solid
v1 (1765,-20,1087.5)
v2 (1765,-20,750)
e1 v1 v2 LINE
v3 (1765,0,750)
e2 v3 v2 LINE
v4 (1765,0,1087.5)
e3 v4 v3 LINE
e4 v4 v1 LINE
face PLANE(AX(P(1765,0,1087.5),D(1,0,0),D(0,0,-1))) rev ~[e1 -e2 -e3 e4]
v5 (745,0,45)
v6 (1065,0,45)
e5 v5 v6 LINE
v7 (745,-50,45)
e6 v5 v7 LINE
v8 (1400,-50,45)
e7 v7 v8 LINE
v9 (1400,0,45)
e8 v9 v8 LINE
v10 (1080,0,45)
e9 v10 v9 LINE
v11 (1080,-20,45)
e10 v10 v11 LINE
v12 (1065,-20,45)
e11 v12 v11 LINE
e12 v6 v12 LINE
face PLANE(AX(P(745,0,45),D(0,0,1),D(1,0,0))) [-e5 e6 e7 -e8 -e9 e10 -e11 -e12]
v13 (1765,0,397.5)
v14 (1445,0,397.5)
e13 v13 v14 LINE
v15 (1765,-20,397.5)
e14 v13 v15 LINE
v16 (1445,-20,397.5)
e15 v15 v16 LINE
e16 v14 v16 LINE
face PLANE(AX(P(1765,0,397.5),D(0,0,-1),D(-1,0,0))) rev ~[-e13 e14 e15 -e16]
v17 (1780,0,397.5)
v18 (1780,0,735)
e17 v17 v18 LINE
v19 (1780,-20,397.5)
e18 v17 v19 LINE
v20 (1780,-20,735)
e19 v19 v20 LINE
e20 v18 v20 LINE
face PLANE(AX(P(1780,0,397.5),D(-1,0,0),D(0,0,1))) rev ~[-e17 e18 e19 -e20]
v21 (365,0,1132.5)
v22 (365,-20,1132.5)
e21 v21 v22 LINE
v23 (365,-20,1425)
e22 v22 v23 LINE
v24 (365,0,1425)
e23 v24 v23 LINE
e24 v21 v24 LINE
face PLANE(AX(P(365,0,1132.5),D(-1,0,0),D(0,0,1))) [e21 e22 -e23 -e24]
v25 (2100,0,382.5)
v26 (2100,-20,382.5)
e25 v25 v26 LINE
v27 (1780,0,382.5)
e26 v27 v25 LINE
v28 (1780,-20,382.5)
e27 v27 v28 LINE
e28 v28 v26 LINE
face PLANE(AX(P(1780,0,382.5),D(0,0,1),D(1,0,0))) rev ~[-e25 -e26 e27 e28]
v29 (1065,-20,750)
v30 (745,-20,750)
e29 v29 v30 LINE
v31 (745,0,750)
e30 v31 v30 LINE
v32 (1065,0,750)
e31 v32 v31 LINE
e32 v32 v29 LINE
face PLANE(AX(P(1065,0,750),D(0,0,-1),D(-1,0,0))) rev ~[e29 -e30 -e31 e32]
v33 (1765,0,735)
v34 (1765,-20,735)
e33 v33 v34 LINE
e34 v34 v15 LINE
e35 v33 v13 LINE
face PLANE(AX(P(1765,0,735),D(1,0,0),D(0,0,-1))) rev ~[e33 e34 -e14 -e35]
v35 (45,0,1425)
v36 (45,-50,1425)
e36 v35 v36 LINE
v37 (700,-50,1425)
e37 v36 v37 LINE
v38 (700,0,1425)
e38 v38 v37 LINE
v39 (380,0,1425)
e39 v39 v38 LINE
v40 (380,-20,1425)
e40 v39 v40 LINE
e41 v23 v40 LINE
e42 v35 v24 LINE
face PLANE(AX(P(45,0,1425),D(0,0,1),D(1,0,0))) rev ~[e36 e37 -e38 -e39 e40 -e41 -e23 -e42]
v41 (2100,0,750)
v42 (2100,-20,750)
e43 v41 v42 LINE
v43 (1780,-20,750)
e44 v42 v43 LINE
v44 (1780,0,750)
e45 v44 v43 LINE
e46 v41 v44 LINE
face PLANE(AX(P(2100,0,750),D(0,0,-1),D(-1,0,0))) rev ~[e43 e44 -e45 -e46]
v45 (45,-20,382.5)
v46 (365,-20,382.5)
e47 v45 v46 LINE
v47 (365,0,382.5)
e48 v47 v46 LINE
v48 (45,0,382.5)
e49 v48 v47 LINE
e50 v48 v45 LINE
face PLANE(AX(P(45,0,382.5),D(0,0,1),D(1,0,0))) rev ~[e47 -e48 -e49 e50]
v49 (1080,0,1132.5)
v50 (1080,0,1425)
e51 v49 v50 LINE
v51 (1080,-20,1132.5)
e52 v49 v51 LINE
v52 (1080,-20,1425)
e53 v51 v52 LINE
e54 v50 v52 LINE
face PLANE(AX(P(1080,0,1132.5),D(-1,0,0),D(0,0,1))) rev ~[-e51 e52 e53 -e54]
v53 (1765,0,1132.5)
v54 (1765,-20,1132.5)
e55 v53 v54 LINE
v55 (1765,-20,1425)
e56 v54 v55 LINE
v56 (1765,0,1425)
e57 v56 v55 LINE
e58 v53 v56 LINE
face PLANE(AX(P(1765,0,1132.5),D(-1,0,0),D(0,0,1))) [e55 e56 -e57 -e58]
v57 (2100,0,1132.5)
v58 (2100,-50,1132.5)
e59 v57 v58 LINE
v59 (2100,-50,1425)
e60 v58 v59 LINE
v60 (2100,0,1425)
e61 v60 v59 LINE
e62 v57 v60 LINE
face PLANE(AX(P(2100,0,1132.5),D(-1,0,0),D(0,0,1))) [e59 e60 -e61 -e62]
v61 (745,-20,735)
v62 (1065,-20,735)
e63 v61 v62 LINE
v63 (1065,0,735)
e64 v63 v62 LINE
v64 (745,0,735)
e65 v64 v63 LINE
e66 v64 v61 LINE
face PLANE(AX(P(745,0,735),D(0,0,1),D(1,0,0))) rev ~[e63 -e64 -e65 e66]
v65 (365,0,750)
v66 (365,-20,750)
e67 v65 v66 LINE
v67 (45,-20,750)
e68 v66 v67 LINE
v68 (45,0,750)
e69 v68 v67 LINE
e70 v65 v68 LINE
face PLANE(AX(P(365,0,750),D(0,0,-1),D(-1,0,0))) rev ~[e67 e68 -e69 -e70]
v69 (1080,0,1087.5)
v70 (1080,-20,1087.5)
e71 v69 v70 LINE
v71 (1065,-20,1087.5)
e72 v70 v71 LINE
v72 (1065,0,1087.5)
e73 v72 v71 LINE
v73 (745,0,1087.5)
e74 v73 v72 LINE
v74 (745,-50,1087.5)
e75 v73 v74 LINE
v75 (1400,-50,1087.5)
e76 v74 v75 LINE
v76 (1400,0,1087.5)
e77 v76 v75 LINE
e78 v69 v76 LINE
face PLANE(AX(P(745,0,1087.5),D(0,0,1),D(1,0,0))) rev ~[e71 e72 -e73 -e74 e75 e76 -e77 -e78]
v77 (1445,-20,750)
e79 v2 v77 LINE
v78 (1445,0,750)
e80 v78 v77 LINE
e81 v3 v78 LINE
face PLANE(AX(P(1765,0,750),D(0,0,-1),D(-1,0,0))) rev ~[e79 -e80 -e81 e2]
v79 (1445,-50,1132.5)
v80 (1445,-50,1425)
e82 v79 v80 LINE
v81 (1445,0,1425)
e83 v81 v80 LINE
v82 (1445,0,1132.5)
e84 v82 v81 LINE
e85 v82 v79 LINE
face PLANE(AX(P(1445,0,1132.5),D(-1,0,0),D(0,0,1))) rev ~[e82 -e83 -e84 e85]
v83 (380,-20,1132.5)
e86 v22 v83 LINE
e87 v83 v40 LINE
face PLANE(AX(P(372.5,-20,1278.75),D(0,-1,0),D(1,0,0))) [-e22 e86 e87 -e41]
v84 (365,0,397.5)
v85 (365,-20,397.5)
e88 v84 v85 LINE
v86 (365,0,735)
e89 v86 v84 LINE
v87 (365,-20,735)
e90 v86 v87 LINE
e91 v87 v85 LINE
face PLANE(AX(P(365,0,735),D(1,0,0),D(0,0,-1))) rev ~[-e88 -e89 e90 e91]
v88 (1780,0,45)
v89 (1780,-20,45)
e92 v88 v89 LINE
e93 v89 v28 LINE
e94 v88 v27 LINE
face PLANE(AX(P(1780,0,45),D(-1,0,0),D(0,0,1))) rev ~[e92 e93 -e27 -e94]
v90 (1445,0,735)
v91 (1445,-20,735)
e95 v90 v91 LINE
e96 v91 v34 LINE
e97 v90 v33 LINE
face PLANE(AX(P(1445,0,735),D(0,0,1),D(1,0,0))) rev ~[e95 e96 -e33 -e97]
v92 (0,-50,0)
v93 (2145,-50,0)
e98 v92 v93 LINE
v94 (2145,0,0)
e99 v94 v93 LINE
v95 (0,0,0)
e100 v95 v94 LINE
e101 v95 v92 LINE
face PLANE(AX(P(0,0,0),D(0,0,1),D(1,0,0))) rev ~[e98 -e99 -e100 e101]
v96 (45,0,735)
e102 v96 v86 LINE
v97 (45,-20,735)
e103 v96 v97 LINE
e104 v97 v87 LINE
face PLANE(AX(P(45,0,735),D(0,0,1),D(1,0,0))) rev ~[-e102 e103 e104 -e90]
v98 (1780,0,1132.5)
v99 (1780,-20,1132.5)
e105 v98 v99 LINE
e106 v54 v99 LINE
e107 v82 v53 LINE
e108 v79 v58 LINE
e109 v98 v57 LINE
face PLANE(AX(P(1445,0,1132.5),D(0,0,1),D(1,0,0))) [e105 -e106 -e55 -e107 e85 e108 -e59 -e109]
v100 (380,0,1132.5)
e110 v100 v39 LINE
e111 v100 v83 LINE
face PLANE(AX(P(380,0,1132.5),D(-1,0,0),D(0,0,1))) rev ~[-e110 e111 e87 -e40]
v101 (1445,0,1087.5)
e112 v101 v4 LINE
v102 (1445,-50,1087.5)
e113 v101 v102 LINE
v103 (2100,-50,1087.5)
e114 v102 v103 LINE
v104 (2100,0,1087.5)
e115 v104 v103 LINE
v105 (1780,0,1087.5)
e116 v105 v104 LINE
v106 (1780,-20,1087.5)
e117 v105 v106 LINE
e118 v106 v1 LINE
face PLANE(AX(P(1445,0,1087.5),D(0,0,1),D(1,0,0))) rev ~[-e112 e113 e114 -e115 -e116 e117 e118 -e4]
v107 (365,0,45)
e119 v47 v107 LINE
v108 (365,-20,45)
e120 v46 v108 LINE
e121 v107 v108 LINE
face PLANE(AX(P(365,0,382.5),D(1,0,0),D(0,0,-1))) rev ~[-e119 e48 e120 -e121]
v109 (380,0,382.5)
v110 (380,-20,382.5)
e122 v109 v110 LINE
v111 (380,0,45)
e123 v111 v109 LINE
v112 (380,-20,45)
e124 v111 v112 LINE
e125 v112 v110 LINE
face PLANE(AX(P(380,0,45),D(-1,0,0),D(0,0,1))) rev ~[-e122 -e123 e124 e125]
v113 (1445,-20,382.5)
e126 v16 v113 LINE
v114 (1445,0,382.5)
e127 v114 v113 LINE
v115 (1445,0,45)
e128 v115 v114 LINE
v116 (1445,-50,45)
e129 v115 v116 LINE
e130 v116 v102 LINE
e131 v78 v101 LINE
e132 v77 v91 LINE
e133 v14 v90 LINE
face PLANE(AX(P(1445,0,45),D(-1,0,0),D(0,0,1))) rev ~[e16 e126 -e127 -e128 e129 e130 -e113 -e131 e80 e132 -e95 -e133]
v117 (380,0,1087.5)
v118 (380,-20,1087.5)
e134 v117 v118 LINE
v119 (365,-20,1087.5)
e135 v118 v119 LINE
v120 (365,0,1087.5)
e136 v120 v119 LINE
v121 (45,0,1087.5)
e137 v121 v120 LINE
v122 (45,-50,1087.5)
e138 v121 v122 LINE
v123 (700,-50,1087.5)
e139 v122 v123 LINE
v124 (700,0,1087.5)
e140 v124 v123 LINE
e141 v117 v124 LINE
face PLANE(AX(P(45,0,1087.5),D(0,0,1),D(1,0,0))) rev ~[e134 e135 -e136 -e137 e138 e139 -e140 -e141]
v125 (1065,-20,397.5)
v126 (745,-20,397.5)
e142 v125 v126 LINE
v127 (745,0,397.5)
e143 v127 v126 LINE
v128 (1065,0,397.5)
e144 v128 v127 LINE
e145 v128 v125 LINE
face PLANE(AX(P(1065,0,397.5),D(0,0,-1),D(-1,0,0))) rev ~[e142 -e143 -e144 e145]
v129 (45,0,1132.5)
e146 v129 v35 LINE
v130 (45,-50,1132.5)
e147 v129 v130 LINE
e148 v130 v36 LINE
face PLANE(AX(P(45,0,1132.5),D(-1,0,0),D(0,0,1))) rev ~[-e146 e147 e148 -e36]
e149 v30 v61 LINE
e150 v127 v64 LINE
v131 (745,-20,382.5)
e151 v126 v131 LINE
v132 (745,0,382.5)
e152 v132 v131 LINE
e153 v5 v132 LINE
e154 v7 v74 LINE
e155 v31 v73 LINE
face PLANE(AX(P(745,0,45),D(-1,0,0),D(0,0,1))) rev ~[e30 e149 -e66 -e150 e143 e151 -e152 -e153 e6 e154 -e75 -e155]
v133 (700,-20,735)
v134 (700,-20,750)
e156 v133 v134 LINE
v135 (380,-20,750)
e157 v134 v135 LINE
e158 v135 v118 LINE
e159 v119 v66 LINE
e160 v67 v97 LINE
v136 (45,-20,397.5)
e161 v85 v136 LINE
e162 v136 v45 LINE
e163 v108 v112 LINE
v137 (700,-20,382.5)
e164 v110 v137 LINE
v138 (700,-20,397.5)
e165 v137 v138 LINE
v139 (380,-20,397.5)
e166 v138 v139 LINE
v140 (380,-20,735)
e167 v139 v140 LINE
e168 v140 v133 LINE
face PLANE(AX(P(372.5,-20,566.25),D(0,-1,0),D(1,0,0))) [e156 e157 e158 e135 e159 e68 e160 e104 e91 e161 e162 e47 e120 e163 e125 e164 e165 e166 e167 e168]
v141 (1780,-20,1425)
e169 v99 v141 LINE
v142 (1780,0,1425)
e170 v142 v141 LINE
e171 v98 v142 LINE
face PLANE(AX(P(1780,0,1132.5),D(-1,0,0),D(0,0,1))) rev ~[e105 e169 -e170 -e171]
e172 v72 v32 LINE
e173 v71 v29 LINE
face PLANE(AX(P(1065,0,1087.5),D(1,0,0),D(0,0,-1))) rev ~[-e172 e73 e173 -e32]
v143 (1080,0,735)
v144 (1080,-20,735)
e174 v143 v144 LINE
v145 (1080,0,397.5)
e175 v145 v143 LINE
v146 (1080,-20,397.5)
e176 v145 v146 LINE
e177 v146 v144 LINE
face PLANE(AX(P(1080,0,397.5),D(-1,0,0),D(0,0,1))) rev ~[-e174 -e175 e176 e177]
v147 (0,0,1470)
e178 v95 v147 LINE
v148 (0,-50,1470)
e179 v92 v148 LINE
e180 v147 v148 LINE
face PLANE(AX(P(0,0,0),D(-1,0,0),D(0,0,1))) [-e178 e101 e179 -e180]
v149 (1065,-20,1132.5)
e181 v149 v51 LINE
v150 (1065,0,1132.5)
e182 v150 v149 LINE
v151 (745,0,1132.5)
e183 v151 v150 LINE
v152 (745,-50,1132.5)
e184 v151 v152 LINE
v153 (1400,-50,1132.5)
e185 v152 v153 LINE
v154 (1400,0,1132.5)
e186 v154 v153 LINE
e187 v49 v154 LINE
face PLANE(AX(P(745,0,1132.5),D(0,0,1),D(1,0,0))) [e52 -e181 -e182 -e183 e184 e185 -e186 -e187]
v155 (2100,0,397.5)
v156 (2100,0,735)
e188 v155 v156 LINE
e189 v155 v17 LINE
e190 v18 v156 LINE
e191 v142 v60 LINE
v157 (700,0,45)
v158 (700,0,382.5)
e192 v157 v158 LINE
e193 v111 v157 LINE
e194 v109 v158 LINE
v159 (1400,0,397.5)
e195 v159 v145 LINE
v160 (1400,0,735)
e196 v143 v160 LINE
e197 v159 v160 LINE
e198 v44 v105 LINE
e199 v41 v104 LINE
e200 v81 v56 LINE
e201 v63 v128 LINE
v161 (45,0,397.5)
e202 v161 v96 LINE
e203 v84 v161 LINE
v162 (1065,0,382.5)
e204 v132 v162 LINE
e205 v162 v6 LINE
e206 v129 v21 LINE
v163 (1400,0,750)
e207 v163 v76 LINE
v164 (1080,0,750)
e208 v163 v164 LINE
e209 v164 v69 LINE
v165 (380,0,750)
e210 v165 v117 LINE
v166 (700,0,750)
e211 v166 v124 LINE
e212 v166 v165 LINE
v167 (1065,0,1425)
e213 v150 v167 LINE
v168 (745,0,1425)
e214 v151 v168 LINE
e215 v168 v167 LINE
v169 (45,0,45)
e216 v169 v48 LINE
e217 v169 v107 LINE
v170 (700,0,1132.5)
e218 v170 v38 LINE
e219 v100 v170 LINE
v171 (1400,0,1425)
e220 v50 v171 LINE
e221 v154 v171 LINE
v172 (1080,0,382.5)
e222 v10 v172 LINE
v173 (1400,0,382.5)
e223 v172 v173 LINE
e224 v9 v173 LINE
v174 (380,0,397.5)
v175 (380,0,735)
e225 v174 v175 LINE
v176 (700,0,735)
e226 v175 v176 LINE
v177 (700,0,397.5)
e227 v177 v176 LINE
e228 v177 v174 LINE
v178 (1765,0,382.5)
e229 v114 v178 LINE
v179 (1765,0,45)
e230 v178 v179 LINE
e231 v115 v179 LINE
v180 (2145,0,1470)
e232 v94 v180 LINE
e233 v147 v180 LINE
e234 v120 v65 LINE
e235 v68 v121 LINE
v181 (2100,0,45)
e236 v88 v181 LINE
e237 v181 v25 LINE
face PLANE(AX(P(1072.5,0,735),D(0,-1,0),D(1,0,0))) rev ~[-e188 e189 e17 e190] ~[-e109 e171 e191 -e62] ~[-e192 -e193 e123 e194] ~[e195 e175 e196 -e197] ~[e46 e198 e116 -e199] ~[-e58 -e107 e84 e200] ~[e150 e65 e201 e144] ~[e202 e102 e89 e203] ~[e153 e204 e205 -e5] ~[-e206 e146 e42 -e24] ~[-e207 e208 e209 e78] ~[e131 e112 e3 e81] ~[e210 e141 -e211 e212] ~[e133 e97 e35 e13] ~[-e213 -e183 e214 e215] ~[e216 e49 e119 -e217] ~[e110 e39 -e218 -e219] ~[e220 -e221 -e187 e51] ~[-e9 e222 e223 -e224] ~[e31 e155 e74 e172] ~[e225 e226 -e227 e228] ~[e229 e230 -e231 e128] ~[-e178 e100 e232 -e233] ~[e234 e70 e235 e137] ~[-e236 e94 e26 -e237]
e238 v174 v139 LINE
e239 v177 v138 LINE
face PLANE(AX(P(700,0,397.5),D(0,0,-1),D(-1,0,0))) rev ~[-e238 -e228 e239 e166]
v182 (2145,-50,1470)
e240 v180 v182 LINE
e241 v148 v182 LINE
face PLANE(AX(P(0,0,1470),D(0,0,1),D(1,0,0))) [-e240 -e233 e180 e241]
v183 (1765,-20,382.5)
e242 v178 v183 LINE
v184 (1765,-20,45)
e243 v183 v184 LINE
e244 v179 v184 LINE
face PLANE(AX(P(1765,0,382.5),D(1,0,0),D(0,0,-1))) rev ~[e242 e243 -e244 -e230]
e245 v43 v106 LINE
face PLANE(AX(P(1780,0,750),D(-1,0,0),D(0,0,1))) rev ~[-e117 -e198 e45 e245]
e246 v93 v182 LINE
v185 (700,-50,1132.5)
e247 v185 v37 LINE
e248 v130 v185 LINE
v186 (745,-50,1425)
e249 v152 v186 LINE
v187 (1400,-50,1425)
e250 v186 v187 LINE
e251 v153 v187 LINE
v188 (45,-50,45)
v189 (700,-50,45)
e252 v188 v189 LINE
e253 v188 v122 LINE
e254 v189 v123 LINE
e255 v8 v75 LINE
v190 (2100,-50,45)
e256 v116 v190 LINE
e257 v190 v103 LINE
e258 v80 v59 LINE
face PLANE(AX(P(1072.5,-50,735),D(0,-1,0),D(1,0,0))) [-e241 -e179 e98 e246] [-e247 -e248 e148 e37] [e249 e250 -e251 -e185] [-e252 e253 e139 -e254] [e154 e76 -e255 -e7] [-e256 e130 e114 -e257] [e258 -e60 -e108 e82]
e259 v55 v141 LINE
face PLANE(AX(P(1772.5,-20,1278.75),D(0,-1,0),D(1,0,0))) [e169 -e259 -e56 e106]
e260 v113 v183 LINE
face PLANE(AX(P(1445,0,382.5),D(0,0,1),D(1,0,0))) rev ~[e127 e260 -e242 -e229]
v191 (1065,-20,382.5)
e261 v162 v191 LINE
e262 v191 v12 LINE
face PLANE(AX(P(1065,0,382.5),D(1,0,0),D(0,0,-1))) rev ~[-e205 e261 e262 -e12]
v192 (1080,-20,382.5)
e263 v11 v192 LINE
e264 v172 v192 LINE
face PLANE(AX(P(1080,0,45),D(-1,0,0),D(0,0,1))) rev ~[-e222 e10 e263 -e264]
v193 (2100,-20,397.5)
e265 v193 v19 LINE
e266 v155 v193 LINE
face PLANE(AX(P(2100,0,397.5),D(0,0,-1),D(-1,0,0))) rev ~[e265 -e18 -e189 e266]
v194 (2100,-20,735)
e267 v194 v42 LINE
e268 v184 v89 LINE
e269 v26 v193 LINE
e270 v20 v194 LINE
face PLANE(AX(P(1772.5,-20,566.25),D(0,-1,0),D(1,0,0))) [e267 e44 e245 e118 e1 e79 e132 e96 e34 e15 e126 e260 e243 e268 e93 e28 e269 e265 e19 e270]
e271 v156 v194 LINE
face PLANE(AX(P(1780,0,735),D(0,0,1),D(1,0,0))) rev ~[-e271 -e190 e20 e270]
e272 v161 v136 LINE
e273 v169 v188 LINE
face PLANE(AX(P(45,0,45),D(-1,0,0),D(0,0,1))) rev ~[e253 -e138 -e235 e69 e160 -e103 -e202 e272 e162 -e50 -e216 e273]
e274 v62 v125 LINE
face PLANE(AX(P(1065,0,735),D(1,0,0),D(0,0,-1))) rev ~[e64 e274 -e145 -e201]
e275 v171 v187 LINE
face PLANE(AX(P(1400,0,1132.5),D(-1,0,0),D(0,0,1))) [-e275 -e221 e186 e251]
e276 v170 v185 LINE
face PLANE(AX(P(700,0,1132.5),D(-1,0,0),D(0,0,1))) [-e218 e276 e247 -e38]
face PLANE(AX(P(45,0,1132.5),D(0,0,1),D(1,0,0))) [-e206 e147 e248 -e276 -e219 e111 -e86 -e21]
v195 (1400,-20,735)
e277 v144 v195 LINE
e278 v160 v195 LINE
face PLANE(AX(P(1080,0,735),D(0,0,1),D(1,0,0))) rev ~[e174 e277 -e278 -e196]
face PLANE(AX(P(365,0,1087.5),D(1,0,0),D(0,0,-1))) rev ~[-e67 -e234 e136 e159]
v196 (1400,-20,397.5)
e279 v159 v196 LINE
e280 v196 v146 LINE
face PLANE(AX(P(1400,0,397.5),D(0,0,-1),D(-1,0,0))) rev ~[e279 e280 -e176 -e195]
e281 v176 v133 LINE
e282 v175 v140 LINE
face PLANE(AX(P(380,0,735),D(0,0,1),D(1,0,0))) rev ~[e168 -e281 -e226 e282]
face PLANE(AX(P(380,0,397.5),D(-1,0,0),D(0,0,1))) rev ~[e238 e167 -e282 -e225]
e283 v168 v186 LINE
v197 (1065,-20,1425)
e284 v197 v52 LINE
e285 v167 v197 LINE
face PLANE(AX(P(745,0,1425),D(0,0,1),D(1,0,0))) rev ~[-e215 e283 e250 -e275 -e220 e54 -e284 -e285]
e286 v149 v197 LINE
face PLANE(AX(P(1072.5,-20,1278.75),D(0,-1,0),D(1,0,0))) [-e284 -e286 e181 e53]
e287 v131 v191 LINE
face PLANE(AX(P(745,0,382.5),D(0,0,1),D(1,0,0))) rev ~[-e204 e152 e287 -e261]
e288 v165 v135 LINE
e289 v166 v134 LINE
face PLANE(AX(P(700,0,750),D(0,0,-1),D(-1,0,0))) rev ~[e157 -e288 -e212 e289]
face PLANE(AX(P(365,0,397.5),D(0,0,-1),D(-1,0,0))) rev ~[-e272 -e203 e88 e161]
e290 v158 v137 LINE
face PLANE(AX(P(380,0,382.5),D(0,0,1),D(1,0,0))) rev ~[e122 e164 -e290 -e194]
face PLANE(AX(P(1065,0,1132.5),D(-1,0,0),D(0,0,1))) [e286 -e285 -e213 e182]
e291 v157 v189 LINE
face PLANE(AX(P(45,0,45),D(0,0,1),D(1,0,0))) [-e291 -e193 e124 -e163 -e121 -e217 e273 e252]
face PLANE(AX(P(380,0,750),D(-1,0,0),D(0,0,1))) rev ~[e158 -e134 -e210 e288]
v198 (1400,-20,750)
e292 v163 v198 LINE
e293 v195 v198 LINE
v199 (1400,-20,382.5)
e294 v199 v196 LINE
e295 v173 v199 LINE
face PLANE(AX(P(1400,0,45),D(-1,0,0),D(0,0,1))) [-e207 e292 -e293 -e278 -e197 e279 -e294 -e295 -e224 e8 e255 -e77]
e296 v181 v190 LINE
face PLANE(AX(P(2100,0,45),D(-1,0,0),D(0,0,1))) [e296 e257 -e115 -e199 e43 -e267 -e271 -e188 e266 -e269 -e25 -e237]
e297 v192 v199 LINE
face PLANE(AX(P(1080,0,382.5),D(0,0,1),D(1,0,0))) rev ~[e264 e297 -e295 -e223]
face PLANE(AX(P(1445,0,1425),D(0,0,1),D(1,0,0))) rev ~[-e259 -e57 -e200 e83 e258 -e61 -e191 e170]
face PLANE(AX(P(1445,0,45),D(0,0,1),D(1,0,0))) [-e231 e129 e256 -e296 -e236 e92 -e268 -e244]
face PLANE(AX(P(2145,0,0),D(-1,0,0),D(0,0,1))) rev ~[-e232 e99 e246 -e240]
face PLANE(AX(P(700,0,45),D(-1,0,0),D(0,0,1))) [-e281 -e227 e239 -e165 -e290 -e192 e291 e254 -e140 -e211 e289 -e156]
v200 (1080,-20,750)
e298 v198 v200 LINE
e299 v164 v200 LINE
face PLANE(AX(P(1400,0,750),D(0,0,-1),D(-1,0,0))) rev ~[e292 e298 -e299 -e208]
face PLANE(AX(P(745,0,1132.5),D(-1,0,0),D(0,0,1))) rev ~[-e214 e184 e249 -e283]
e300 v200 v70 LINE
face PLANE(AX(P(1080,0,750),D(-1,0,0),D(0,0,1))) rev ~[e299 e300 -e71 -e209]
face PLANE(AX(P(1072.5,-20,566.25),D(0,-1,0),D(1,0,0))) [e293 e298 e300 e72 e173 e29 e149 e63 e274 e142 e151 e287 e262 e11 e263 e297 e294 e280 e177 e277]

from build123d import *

# Parameters (mm, degrees)
F0_W     = 2145
F0_H     = 1470
F0_W_2   = 655
F0_H_2   = 1042.5
F0_H_3   = 292.5
F1_DEPTH = 50
F2_W     = 15
F2_H     = 292.5
F3_DEPTH = 20


with BuildPart() as f1:
    # F0 (on Front) → F1 (new body)
    with BuildSketch(Plane.XZ):
        with Locations((1072.5, 735)):
            Rectangle(F0_W, F0_H)
        with Locations((372.5, 566.25)):
            Rectangle(F0_W_2, F0_H_2, mode=Mode.SUBTRACT)
        with Locations((1072.5, 566.25)):
            Rectangle(F0_W_2, F0_H_2, mode=Mode.SUBTRACT)
        with Locations((1772.5, 566.25)):
            Rectangle(F0_W_2, F0_H_2, mode=Mode.SUBTRACT)
        with Locations((372.5, 1278.75)):
            Rectangle(F0_W_2, F0_H_3, mode=Mode.SUBTRACT)
        with Locations((1072.5, 1278.75)):
            Rectangle(F0_W_2, F0_H_3, mode=Mode.SUBTRACT)
        with Locations((1772.5, 1278.75)):
            Rectangle(F0_W_2, F0_H_3, mode=Mode.SUBTRACT)
    extrude(amount=F1_DEPTH)

    # F2 (on Front) → F3 (join)
    with BuildSketch(Plane.XZ):
        Polygon((365, 750), (45, 750), (45, 735), (365, 735), (365, 397.5), (45, 397.5), (45, 382.5), (365, 382.5), (365, 45), (380, 45), (380, 382.5), (700, 382.5), (700, 397.5), (380, 397.5), (380, 735), (700, 735), (700, 750), (380, 750), (380, 1087.5), (365, 1087.5), align=None)
        with Locations((372.5, 1278.75)):
            Rectangle(F2_W, F2_H)
        with Locations((1072.5, 1278.75)):
            Rectangle(F2_W, F2_H)
        Polygon((1065, 750), (745, 750), (745, 735), (1065, 735), (1065, 397.5), (745, 397.5), (745, 382.5), (1065, 382.5), (1065, 45), (1080, 45), (1080, 382.5), (1400, 382.5), (1400, 397.5), (1080, 397.5), (1080, 735), (1400, 735), (1400, 750), (1080, 750), (1080, 1087.5), (1065, 1087.5), align=None)
        with Locations((1772.5, 1278.75)):
            Rectangle(F2_W, F2_H)
        Polygon((1780, 1087.5), (1765, 1087.5), (1765, 750), (1445, 750), (1445, 735), (1765, 735), (1765, 397.5), (1445, 397.5), (1445, 382.5), (1765, 382.5), (1765, 45), (1780, 45), (1780, 382.5), (2100, 382.5), (2100, 397.5), (1780, 397.5), (1780, 735), (2100, 735), (2100, 750), (1780, 750), align=None)
    extrude(amount=F3_DEPTH)


solid = f1.part
